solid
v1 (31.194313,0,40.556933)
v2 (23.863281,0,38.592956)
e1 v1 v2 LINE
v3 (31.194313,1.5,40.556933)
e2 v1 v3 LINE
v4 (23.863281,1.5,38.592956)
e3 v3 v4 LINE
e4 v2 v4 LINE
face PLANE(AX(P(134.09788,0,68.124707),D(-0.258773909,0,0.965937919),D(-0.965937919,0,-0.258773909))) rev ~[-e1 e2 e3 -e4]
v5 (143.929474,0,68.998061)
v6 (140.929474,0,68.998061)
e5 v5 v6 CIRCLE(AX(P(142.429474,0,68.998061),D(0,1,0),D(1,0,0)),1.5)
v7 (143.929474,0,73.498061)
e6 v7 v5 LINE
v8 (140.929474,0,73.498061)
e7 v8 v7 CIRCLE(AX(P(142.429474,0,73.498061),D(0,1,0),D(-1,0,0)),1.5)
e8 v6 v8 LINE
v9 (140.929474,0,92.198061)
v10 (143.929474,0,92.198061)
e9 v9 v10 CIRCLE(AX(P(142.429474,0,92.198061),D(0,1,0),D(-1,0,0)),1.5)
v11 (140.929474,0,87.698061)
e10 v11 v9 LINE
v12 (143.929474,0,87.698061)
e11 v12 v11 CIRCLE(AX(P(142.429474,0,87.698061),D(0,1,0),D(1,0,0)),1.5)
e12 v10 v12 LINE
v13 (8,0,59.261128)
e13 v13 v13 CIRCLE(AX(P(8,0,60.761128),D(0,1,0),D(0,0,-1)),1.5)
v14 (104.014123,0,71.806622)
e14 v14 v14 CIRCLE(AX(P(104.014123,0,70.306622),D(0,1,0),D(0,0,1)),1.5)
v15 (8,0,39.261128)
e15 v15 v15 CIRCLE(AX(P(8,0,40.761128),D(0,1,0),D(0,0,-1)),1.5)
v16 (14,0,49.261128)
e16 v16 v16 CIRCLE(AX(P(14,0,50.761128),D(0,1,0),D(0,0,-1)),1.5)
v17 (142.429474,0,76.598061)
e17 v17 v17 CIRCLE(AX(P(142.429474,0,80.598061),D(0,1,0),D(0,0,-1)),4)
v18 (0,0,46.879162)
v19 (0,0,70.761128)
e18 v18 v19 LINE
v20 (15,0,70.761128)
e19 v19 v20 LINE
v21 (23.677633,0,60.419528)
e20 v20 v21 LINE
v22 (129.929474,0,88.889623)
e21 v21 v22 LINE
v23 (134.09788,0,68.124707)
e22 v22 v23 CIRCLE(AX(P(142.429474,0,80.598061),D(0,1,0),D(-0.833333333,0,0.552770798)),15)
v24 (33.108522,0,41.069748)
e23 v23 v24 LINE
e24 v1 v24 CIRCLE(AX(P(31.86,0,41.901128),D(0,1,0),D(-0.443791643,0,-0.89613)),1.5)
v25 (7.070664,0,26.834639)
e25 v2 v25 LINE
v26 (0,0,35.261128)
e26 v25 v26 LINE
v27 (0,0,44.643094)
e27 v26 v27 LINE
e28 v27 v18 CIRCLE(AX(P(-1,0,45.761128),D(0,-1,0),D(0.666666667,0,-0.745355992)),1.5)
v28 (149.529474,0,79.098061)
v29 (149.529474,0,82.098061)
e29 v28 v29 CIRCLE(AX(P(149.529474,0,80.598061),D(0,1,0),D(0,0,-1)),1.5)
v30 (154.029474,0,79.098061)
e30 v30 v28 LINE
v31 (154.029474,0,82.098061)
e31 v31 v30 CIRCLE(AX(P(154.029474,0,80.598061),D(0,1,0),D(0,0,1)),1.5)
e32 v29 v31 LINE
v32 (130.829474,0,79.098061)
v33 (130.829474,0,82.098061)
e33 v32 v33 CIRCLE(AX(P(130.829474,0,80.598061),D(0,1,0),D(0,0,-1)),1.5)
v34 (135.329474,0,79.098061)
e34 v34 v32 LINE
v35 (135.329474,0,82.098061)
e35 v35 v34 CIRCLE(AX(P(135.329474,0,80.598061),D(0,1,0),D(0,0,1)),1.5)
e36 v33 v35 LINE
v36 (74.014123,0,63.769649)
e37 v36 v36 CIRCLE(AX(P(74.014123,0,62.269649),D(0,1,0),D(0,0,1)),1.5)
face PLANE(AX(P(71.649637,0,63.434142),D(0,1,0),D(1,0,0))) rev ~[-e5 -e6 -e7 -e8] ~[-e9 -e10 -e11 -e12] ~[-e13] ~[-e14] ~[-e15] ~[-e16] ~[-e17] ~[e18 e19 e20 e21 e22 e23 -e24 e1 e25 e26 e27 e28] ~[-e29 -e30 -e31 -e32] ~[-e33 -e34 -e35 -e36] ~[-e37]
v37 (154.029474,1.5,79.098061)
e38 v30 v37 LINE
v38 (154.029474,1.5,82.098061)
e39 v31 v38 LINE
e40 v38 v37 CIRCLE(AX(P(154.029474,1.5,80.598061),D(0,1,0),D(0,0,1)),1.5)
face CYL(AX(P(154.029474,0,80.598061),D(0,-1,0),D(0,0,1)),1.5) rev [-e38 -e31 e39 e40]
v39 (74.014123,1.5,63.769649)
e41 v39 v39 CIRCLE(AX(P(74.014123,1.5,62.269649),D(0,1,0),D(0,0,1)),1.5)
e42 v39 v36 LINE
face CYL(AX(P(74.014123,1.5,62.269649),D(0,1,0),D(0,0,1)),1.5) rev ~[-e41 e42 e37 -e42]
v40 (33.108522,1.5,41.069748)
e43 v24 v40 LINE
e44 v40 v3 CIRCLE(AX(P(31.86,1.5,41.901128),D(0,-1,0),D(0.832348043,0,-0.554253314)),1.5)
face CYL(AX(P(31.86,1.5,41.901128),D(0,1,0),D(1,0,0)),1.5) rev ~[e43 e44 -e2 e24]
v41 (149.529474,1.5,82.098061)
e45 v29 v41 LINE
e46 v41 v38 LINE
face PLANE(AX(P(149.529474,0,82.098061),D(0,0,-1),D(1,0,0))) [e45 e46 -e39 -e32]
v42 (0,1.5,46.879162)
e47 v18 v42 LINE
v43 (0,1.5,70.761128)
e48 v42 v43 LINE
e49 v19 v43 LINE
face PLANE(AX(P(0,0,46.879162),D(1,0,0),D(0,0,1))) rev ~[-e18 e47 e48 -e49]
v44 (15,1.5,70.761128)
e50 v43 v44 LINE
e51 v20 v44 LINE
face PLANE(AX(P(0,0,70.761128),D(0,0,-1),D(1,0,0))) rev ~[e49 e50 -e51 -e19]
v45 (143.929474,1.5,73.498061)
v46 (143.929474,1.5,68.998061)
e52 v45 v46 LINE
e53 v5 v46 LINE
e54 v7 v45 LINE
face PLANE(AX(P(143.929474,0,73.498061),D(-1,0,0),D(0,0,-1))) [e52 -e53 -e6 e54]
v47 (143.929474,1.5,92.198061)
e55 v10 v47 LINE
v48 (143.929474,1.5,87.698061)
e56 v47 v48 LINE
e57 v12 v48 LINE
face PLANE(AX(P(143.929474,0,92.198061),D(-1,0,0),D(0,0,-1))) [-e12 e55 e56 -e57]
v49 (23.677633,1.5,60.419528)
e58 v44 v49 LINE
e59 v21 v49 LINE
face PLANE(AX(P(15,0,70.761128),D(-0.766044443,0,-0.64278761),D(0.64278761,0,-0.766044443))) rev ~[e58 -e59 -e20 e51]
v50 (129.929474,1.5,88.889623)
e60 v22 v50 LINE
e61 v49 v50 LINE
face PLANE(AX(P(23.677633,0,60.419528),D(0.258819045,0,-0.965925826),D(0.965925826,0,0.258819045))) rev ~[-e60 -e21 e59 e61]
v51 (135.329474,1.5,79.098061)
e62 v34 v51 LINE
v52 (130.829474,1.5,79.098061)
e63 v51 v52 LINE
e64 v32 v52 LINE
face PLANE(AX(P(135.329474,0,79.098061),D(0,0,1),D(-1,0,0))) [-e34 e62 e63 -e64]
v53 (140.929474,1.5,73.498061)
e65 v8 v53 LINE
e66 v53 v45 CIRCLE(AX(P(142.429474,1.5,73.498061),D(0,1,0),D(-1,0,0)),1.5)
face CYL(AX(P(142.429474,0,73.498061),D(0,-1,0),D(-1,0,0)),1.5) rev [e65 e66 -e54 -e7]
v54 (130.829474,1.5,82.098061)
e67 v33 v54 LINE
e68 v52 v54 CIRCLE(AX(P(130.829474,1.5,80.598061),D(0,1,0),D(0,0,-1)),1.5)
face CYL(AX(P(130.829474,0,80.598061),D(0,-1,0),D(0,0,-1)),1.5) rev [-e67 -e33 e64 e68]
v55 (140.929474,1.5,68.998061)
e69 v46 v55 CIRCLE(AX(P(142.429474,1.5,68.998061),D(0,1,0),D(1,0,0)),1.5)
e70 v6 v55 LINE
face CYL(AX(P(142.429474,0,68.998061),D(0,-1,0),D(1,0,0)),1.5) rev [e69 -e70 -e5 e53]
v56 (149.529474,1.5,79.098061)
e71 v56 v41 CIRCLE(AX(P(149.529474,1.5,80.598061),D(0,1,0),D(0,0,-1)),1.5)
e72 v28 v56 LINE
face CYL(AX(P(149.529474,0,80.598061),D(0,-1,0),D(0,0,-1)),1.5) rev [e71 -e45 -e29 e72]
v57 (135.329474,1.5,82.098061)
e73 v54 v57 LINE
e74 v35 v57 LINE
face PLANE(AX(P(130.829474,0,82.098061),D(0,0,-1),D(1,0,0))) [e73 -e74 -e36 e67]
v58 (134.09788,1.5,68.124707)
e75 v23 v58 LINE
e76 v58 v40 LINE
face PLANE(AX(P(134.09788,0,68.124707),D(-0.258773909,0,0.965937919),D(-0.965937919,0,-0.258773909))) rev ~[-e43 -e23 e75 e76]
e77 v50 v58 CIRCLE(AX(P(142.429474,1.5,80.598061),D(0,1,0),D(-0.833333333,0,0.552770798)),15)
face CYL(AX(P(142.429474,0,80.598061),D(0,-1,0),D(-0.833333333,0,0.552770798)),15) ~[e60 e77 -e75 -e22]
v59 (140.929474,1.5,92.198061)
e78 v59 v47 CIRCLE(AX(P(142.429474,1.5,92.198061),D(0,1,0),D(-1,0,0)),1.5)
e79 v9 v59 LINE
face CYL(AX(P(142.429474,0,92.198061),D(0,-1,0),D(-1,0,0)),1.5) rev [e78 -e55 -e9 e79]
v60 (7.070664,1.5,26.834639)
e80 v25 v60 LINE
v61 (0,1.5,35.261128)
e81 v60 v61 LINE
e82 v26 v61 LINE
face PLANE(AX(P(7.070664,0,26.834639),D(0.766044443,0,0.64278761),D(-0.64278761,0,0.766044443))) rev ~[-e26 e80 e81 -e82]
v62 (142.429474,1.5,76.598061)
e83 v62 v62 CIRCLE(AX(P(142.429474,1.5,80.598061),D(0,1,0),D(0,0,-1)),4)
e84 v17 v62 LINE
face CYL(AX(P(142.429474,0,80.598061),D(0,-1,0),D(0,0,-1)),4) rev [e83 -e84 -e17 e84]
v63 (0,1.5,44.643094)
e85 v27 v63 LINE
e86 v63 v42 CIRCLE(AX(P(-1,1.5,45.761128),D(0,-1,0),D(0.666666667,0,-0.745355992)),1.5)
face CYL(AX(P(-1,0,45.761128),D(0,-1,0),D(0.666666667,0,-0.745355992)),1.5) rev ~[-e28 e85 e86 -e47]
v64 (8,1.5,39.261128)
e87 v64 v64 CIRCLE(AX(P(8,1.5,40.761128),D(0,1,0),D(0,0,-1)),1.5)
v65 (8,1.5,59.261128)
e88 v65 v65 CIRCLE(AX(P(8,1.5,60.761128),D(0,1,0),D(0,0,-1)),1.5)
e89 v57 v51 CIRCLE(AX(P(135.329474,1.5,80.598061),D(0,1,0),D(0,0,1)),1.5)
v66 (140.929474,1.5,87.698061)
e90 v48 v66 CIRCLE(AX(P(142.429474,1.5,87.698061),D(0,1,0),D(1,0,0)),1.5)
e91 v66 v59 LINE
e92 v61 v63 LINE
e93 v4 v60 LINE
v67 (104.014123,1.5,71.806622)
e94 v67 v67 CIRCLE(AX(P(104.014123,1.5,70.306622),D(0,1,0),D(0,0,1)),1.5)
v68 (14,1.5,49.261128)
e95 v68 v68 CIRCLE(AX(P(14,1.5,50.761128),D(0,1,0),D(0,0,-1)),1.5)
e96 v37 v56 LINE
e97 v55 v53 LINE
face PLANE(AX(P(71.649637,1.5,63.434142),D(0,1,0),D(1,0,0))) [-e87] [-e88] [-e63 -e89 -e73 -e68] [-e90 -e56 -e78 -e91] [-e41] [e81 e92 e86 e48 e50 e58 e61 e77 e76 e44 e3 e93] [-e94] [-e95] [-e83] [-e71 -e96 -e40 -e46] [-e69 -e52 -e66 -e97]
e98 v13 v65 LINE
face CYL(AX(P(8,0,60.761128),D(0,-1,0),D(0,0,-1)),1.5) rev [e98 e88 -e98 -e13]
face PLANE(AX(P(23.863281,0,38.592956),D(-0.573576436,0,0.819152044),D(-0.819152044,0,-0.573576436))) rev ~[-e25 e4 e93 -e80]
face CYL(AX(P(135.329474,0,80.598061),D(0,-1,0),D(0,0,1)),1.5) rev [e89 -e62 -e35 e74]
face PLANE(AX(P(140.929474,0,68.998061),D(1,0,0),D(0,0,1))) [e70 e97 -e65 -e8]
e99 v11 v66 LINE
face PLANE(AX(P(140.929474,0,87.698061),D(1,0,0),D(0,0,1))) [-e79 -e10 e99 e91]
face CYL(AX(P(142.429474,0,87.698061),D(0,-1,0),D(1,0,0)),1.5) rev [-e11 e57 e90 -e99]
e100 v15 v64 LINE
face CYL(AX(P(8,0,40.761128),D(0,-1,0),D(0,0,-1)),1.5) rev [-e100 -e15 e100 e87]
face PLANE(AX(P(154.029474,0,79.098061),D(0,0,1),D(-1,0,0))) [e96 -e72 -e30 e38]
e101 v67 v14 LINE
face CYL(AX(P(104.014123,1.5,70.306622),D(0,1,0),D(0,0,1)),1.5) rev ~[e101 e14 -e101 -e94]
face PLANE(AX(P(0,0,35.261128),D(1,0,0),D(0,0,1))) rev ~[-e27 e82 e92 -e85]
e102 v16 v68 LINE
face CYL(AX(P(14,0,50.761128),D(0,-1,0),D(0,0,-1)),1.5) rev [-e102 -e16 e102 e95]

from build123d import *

# Parameters (mm, degrees)
SKETCH2_R           = 1.5
SKETCH2_R_2         = 4
BOSS_EXTRUDE1_DEPTH = 1.5
SKETCH6_R           = 1.5
CUT_EXTRUDE1_DEPTH  = 1.5
SKETCH7_R           = 1.5
CUT_EXTRUDE2_DEPTH  = 1.5


with BuildPart() as part:
    # Sketch2 → Boss-Extrude1 (new body)
    with BuildSketch(Plane(origin=(0, 0, 0), x_dir=(1, 0, 0), z_dir=(0, 1, 0))):
        with BuildLine():
            Line((0, -46.879161521), (0, -70.761127532))
            Line((0, -70.761127532), (15, -70.761127532))
            Line((15, -70.761127532), (23.677632731, -60.41952755))
            Line((23.677632731, -60.41952755), (129.929473623, -88.889622511))
            ThreePointArc((129.929473623, -88.889622511), (157.136079306, -83.55030532), (134.097880355, -68.124706791))
            Line((134.097880355, -68.124706791), (23.863280614, -38.592955603))
            Line((23.863280614, -38.592955603), (7.070663707, -26.834638658))
            Line((7.070663707, -26.834638658), (0, -35.261127532))
            Line((0, -35.261127532), (0, -44.643093543))
            ThreePointArc((0, -44.643093543), (0.5, -45.761127532), (0, -46.879161521))
        make_face()
        with Locations(Location((8, -40.761127532, 0), (0, 0, 90))):
            Circle(SKETCH2_R, mode=Mode.SUBTRACT)
        with Locations(Location((14, -50.761127532, 0), (0, 0, 90))):
            Circle(SKETCH2_R, mode=Mode.SUBTRACT)
        with Locations(Location((8, -60.761127532, 0), (0, 0, 90))):
            Circle(SKETCH2_R, mode=Mode.SUBTRACT)
        with Locations(Location((142.429473623, -80.598060535, 0), (0, 0, 90))):
            Circle(SKETCH2_R_2, mode=Mode.SUBTRACT)
        with BuildLine():
            Line((143.929473623, -73.498060535), (143.929473623, -68.998060535))
            ThreePointArc((143.929473623, -68.998060535), (142.429473623, -67.498060535), (140.929473623, -68.998060535))
            Line((140.929473623, -68.998060535), (140.929473623, -73.498060535))
            ThreePointArc((140.929473623, -73.498060535), (142.429473623, -74.998060535), (143.929473623, -73.498060535))
        make_face(mode=Mode.SUBTRACT)
        with BuildLine():
            Line((149.529473623, -82.098060535), (154.029473623, -82.098060535))
            ThreePointArc((154.029473623, -82.098060535), (155.529473623, -80.598060535), (154.029473623, -79.098060535))
            Line((154.029473623, -79.098060535), (149.529473623, -79.098060535))
            ThreePointArc((149.529473623, -79.098060535), (148.029473623, -80.598060535), (149.529473623, -82.098060535))
        make_face(mode=Mode.SUBTRACT)
        with BuildLine():
            Line((140.929473623, -87.698060535), (140.929473623, -92.198060535))
            ThreePointArc((140.929473623, -92.198060535), (142.429473623, -93.698060535), (143.929473623, -92.198060535))
            Line((143.929473623, -92.198060535), (143.929473623, -87.698060535))
            ThreePointArc((143.929473623, -87.698060535), (142.429473623, -86.198060535), (140.929473623, -87.698060535))
        make_face(mode=Mode.SUBTRACT)
        with BuildLine():
            Line((135.329473623, -79.098060535), (130.829473623, -79.098060535))
            ThreePointArc((130.829473623, -79.098060535), (129.329473623, -80.598060535), (130.829473623, -82.098060535))
            Line((130.829473623, -82.098060535), (135.329473623, -82.098060535))
            ThreePointArc((135.329473623, -82.098060535), (136.829473623, -80.598060535), (135.329473623, -79.098060535))
        make_face(mode=Mode.SUBTRACT)
    extrude(amount=BOSS_EXTRUDE1_DEPTH)

    # Sketch6 → Cut-Extrude1 (cut)
    with BuildSketch(Plane(origin=(0, 1.5, 0), x_dir=(1, 0, 0), z_dir=(0, 1, 0))):
        with Locations((31.86, -41.901127532)):
            Circle(SKETCH6_R)
    extrude(amount=-CUT_EXTRUDE1_DEPTH, mode=Mode.SUBTRACT)

    # Sketch7 → Cut-Extrude2 (cut)
    with BuildSketch(Plane(origin=(0, 1.5, 0), x_dir=(1, 0, 0), z_dir=(0, 1, 0))):
        with Locations(Location((74.014122572, -62.269648862, 0), (0, 0, 270))):
            Circle(SKETCH7_R)
        with Locations(Location((104.014122572, -70.306622169, 0), (0, 0, 270))):
            Circle(SKETCH7_R)
    extrude(amount=-CUT_EXTRUDE2_DEPTH, mode=Mode.SUBTRACT)


solid = part.part
